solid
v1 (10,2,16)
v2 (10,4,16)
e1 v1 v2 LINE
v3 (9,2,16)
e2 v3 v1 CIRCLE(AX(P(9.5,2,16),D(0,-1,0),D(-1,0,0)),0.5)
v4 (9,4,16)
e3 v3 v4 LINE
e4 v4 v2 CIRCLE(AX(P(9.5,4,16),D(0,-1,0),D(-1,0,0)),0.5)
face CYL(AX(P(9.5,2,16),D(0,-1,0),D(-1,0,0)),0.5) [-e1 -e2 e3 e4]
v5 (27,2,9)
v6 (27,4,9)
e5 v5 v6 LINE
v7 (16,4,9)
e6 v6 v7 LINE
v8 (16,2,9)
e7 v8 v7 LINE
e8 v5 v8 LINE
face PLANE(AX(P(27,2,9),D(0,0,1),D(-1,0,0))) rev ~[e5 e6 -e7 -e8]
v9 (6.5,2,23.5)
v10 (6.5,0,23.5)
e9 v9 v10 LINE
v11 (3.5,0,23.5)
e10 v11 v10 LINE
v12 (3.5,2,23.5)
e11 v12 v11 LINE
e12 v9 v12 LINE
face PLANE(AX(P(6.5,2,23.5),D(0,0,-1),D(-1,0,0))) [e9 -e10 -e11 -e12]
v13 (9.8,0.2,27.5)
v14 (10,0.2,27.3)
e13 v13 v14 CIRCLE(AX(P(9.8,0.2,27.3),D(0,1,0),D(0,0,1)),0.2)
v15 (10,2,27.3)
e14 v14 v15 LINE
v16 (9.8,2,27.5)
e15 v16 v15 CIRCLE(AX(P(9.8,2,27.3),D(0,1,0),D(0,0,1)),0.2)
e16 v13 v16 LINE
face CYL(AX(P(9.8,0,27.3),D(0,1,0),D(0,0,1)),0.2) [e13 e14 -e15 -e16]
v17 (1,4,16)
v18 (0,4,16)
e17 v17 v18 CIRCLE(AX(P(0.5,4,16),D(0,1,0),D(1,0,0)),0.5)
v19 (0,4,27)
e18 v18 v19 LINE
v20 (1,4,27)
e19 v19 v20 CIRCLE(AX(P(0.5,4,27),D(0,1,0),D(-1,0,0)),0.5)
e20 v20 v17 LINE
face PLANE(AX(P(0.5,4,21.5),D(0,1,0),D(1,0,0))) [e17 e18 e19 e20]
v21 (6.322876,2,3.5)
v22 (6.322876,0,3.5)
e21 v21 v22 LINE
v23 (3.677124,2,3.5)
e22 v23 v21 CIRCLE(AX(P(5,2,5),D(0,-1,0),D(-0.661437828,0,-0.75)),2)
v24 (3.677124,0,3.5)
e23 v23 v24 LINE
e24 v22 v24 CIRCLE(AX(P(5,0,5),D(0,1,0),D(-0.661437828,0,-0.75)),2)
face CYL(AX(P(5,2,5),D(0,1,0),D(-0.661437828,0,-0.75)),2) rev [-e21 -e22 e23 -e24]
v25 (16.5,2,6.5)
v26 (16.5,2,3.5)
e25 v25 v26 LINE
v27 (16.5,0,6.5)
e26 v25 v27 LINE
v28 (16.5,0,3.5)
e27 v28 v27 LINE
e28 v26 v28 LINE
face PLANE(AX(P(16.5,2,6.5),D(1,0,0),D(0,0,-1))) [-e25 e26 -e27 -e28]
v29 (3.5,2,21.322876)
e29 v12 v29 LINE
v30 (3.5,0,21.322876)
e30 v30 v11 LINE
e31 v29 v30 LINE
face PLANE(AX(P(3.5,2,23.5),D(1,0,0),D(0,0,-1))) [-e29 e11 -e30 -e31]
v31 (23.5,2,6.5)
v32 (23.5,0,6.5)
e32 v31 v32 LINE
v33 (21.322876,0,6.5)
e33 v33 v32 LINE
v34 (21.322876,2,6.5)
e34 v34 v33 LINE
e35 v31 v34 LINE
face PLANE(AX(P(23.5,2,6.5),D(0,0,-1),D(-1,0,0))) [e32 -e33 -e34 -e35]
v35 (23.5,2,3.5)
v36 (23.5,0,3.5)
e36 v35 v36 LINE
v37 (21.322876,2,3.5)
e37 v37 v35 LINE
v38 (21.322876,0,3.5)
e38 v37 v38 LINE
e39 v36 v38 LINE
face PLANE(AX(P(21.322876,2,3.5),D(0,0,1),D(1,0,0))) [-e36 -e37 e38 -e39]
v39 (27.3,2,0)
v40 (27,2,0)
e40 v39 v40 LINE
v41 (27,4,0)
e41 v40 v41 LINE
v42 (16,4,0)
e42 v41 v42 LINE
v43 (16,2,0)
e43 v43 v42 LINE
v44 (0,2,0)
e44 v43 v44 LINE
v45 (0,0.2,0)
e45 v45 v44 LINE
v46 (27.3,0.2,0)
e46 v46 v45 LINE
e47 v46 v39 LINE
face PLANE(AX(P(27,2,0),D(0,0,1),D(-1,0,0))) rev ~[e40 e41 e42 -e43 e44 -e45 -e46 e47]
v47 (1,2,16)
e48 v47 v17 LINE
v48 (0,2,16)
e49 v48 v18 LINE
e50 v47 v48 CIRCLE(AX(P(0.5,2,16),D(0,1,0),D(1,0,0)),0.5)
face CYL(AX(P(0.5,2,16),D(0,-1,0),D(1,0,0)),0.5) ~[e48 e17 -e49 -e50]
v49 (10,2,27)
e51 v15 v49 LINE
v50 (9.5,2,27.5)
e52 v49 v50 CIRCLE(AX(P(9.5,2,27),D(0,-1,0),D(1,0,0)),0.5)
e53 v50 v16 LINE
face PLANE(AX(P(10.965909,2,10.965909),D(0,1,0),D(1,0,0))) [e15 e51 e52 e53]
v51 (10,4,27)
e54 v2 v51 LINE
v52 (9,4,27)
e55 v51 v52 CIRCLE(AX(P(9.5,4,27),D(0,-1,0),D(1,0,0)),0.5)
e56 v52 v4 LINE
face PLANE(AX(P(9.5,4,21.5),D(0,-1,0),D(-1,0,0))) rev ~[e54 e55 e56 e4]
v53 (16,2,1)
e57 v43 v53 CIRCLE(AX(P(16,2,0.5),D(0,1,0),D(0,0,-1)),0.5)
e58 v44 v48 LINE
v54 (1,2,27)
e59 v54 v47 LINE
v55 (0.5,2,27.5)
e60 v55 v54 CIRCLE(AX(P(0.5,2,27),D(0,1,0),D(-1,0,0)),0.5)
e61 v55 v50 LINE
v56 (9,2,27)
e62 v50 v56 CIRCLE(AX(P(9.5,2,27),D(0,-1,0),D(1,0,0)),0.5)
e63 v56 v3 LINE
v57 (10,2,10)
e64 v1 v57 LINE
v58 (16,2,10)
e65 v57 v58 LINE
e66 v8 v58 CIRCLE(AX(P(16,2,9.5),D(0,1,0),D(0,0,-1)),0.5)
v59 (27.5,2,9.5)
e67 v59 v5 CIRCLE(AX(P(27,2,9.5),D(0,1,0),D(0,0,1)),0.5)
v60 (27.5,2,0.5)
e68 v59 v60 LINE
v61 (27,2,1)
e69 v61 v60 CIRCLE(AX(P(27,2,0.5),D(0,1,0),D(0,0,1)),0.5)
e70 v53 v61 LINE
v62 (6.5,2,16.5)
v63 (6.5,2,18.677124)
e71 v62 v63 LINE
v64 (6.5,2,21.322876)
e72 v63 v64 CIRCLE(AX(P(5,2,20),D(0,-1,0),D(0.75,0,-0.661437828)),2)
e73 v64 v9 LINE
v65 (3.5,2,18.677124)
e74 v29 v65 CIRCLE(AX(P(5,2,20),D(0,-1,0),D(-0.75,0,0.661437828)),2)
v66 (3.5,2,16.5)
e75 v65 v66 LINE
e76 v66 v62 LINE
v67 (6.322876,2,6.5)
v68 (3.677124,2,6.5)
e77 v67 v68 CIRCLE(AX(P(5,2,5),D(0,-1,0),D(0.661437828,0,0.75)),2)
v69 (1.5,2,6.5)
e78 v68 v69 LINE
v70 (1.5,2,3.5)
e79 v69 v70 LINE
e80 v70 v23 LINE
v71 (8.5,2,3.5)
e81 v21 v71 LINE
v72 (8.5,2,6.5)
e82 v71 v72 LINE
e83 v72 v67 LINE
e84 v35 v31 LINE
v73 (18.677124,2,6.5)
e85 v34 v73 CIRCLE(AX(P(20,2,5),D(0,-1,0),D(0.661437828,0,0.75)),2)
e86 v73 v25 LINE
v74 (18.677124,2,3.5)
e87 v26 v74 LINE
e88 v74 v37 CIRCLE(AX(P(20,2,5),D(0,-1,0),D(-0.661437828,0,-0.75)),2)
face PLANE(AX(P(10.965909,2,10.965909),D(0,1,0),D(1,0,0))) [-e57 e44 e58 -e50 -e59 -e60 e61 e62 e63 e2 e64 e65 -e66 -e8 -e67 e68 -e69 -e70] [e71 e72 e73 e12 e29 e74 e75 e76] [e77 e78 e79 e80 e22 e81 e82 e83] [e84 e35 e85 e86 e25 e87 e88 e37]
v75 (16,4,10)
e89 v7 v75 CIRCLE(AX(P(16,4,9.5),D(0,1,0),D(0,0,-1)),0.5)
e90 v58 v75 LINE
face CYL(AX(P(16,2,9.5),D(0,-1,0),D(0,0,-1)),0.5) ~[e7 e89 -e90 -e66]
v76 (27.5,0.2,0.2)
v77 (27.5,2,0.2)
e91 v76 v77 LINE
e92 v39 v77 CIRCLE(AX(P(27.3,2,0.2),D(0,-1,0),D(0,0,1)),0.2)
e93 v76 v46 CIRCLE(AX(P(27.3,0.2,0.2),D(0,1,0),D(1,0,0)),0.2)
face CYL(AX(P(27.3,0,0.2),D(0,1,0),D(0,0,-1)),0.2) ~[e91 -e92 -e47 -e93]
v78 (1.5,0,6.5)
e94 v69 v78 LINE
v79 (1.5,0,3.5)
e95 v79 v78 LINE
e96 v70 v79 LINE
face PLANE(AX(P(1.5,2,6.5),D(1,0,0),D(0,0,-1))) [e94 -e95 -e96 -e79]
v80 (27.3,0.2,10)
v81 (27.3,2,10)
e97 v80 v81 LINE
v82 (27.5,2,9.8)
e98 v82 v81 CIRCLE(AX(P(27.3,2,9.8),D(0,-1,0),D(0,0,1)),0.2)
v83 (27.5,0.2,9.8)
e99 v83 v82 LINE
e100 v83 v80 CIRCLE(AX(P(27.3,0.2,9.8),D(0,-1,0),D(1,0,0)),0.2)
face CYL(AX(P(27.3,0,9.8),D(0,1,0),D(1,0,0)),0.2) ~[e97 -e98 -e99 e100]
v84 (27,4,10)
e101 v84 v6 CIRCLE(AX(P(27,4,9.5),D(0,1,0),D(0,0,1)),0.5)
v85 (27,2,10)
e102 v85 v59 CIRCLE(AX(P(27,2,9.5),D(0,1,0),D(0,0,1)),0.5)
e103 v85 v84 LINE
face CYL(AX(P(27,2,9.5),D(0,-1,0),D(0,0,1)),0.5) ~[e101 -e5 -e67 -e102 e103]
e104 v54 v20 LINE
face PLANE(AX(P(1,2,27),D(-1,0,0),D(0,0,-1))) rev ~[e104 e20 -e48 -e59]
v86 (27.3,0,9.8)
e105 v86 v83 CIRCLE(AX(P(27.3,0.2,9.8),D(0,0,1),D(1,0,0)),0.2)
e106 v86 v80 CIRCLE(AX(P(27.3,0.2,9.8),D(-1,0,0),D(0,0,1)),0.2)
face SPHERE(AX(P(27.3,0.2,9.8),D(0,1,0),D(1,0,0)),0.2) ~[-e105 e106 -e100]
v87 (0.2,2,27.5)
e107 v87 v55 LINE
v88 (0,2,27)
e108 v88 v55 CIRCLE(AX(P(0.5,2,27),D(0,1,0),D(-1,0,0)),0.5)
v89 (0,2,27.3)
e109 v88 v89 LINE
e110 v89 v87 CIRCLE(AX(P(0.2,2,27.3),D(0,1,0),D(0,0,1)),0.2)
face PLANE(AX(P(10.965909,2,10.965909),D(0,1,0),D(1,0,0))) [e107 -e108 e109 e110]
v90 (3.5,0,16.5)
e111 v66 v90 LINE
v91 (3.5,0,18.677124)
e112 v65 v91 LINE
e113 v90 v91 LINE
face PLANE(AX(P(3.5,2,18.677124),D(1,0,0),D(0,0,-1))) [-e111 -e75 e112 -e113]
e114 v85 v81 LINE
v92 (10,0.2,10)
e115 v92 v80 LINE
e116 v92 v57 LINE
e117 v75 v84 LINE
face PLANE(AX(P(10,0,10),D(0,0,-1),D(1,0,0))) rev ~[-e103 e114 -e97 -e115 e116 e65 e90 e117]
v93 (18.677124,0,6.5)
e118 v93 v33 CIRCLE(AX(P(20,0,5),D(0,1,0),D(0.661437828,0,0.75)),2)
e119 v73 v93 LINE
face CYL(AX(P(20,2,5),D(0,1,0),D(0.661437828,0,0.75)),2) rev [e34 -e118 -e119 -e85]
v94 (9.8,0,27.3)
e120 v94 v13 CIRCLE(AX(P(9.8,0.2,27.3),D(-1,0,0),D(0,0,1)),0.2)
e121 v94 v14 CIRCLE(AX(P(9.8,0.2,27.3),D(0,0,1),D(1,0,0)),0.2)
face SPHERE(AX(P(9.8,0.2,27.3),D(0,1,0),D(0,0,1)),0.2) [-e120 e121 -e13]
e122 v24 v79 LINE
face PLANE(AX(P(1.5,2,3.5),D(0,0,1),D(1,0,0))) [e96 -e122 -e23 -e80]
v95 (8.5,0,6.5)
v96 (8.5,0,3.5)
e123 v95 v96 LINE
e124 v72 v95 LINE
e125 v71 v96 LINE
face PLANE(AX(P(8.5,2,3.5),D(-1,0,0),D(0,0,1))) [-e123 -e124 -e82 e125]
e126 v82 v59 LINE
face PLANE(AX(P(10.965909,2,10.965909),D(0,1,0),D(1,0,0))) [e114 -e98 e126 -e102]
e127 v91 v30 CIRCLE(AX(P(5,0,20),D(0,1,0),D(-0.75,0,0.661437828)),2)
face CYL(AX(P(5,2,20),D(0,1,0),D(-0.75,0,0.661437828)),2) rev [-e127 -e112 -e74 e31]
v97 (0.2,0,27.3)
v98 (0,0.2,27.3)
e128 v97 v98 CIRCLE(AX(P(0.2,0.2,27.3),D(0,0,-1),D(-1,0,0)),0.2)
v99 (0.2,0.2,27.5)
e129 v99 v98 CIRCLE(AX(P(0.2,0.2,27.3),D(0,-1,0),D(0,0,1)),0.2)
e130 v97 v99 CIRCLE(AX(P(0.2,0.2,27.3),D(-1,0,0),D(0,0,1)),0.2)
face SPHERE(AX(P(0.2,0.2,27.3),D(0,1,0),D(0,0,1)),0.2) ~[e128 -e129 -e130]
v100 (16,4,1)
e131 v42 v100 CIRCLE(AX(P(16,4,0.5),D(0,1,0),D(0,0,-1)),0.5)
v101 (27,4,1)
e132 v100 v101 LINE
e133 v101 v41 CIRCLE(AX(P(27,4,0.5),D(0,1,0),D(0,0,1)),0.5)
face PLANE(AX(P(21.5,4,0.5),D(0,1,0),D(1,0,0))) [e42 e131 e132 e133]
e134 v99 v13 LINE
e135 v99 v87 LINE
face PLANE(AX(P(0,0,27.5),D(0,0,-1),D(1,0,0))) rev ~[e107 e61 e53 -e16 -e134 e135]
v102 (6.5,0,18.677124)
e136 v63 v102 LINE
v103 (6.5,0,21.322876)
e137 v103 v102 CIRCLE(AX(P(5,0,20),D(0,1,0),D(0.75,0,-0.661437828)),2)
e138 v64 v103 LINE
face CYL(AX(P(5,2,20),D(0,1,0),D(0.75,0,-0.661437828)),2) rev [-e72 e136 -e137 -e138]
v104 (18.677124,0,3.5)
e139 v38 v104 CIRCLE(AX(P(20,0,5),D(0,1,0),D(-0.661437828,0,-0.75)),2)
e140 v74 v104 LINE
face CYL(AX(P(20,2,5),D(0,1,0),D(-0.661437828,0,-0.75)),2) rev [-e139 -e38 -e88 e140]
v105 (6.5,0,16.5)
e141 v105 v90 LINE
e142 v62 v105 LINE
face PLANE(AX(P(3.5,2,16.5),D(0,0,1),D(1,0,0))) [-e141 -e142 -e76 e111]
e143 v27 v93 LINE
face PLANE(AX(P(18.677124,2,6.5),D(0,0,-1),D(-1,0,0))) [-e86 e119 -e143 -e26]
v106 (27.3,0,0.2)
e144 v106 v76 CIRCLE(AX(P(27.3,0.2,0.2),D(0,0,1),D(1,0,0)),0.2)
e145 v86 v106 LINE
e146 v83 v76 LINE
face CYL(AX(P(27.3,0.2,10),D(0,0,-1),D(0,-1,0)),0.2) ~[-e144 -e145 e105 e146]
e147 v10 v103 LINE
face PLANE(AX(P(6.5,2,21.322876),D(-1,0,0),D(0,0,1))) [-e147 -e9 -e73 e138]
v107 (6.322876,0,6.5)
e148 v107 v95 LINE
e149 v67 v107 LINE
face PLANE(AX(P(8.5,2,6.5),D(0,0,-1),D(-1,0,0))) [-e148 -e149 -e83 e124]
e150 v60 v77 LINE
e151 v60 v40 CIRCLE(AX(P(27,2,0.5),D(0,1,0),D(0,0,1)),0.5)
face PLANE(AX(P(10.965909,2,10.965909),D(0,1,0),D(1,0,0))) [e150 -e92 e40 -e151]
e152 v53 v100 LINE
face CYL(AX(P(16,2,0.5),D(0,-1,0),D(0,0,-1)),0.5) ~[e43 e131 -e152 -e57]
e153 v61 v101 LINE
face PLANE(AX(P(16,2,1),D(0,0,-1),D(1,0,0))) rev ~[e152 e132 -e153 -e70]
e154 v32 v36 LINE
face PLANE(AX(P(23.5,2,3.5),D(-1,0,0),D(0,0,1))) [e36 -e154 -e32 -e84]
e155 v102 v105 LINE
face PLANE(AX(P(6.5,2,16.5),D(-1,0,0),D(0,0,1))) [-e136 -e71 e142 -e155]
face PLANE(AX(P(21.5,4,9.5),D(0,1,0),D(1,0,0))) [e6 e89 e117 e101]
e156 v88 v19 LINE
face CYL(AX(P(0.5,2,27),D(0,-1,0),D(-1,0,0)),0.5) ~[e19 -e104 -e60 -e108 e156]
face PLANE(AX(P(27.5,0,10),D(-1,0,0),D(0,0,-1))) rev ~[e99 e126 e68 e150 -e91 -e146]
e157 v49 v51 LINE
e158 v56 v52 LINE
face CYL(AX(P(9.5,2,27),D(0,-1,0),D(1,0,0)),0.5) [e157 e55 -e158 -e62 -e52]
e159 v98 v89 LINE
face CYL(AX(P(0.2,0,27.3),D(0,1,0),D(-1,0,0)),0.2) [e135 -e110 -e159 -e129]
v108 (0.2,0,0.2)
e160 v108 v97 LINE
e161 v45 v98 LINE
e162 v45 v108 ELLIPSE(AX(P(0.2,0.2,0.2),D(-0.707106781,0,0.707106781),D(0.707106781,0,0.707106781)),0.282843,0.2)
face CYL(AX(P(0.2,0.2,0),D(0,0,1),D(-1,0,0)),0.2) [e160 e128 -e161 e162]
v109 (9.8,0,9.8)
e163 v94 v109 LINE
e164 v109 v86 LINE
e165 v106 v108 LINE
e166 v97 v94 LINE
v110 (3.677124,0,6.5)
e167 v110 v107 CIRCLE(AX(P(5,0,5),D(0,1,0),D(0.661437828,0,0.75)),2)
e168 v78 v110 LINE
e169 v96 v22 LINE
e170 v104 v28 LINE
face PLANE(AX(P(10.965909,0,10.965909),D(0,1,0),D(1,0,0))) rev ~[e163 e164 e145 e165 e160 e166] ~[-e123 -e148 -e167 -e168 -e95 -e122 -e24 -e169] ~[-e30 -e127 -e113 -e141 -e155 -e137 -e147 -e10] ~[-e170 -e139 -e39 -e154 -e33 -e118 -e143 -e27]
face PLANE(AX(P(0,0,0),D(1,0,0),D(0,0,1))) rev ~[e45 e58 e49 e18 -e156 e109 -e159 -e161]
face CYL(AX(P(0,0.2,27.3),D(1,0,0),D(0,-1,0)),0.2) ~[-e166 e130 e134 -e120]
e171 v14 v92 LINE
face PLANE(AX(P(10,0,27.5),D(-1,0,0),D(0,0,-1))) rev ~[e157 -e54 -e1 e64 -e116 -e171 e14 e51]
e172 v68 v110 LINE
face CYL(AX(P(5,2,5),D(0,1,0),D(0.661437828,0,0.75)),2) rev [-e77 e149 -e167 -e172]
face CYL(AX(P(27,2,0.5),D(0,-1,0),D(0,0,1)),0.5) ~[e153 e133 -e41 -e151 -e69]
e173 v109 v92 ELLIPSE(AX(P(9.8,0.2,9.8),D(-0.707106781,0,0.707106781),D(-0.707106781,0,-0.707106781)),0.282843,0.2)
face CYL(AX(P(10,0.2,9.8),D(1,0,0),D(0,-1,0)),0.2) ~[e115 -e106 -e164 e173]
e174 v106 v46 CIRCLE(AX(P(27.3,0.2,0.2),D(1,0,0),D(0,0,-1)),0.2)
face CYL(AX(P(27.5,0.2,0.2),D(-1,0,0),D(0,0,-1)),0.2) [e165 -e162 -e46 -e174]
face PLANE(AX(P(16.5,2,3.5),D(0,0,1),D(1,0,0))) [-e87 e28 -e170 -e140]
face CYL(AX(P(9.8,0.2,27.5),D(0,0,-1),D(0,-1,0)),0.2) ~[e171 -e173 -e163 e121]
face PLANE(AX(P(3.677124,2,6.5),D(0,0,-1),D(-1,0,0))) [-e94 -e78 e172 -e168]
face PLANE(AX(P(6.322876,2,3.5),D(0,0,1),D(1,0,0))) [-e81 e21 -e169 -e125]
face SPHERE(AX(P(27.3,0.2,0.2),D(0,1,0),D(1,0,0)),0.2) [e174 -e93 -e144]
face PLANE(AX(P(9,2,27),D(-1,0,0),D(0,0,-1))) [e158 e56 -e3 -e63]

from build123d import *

# Parameters (mm, degrees)
EXTRUDE_1_DEPTH        = 2
EXTRUDE_2_DEPTH        = 2
CUT_EXTRUDE_1_REACH    = 40.942
PATTERN_LINEAR_1_COUNT = 2
PATTERN_LINEAR_1_PITCH = 15
CUT_EXTRUDE_2_REACH    = 40.942
FILLET_1_R             = 0.2


with BuildPart() as part:
    # 草图1 → 凸台-拉伸1 (new body)
    with BuildSketch(Plane(origin=(0, 0, 0), x_dir=(1, 0, 0), z_dir=(0, 1, 0))):
        Polygon((0, 0), (0, -27.5), (10, -27.5), (10, -10), (27.5, -10), (27.5, 0), align=None)
    extrude(amount=EXTRUDE_1_DEPTH)

    # 草图2 → 凸台-拉伸2 (add)
    with BuildSketch(Plane(origin=(0, 2, 0), x_dir=(1, 0, 0), z_dir=(0, 1, 0))):
        with BuildLine():
            Line((27, 0), (16, 0))
            ThreePointArc((16, 0), (15.5, -0.5), (16, -1))
            Line((16, -1), (27, -1))
            ThreePointArc((27, -1), (27.5, -0.5), (27, 0))
        make_face()
        with BuildLine():
            Line((27, -9), (16, -9))
            ThreePointArc((16, -9), (15.5, -9.5), (16, -10))
            Line((16, -10), (27, -10))
            ThreePointArc((27, -10), (27.5, -9.5), (27, -9))
        make_face()
        with BuildLine():
            Line((1, -27), (1, -16))
            ThreePointArc((1, -16), (0.5, -15.5), (0, -16))
            Line((0, -16), (0, -27))
            ThreePointArc((0, -27), (0.5, -27.5), (1, -27))
        make_face()
        with BuildLine():
            Line((9, -27), (9, -16))
            ThreePointArc((9, -16), (9.5, -15.5), (10, -16))
            Line((10, -16), (10, -27))
            ThreePointArc((10, -27), (9.5, -27.5), (9, -27))
        make_face()
    extrude(amount=EXTRUDE_2_DEPTH)

    # 草图3 → 切除-拉伸1 (cut, up to next)
    with BuildSketch(Plane(origin=(0, 2, 0), x_dir=(1, 0, 0), z_dir=(0, 1, 0)), mode=Mode.PRIVATE) as cut_extrude_1_sk1:
        with BuildLine():
            Line((23.5, -3.5), (23.5, -6.5))
            Line((23.5, -6.5), (21.322875656, -6.5))
            ThreePointArc((21.322875656, -6.5), (20, -7), (18.677124344, -6.5))
            Line((18.677124344, -6.5), (16.5, -6.5))
            Line((16.5, -6.5), (16.5, -3.5))
            Line((16.5, -3.5), (18.677124344, -3.5))
            ThreePointArc((18.677124344, -3.5), (20, -3), (21.322875656, -3.5))
            Line((21.322875656, -3.5), (23.5, -3.5))
        make_face()
    cut_extrude_1_tool1 = extrude(cut_extrude_1_sk1.sketch, amount=-CUT_EXTRUDE_1_REACH, mode=Mode.PRIVATE) & part.part
    cut_extrude_1 = cut_extrude_1_tool1.solids().sort_by_distance((20, 2, 5))[0]
    add(cut_extrude_1, mode=Mode.SUBTRACT)

    # 阵列(线性)1: 切除-拉伸1 ×2
    with Locations(*[(-i * PATTERN_LINEAR_1_PITCH, 0, 0) for i in range(1, PATTERN_LINEAR_1_COUNT)]):
        add(cut_extrude_1, mode=Mode.SUBTRACT)

    # 草图4 → 切除-拉伸2 (cut, up to next)
    with BuildSketch(Plane(origin=(0, 2, 0), x_dir=(1, 0, 0), z_dir=(0, 1, 0)), mode=Mode.PRIVATE) as cut_extrude_2_sk1:
        with BuildLine():
            Line((6.5, -23.5), (3.5, -23.5))
            Line((3.5, -23.5), (3.5, -21.322875656))
            ThreePointArc((3.5, -21.322875656), (3, -20), (3.5, -18.677124344))
            Line((3.5, -18.677124344), (3.5, -16.5))
            Line((3.5, -16.5), (6.5, -16.5))
            Line((6.5, -16.5), (6.5, -18.677124344))
            ThreePointArc((6.5, -18.677124344), (7, -20), (6.5, -21.322875656))
            Line((6.5, -21.322875656), (6.5, -23.5))
        make_face()
    cut_extrude_2_tool1 = extrude(cut_extrude_2_sk1.sketch, amount=-CUT_EXTRUDE_2_REACH, mode=Mode.PRIVATE) & part.part
    add(cut_extrude_2_tool1.solids().sort_by_distance((5, 2, 20))[0], mode=Mode.SUBTRACT)

    # 圆角1
    fillet_1_edges = [part.edges().sort_by_distance(p)[0] for p in [
        (27.5, 1, 0),
        (27.5, 1, 10),
        (0, 1, 27.5),
        (10, 1, 27.5),
        (5, 0, 27.5),
        (27.5, 0, 5),
        (10, 0, 18.75),
        (18.75, 0, 10),
        (0, 0, 13.75),
        (13.75, 0, 0),
    ]]
    fillet(fillet_1_edges, radius=FILLET_1_R)


solid = part.part
